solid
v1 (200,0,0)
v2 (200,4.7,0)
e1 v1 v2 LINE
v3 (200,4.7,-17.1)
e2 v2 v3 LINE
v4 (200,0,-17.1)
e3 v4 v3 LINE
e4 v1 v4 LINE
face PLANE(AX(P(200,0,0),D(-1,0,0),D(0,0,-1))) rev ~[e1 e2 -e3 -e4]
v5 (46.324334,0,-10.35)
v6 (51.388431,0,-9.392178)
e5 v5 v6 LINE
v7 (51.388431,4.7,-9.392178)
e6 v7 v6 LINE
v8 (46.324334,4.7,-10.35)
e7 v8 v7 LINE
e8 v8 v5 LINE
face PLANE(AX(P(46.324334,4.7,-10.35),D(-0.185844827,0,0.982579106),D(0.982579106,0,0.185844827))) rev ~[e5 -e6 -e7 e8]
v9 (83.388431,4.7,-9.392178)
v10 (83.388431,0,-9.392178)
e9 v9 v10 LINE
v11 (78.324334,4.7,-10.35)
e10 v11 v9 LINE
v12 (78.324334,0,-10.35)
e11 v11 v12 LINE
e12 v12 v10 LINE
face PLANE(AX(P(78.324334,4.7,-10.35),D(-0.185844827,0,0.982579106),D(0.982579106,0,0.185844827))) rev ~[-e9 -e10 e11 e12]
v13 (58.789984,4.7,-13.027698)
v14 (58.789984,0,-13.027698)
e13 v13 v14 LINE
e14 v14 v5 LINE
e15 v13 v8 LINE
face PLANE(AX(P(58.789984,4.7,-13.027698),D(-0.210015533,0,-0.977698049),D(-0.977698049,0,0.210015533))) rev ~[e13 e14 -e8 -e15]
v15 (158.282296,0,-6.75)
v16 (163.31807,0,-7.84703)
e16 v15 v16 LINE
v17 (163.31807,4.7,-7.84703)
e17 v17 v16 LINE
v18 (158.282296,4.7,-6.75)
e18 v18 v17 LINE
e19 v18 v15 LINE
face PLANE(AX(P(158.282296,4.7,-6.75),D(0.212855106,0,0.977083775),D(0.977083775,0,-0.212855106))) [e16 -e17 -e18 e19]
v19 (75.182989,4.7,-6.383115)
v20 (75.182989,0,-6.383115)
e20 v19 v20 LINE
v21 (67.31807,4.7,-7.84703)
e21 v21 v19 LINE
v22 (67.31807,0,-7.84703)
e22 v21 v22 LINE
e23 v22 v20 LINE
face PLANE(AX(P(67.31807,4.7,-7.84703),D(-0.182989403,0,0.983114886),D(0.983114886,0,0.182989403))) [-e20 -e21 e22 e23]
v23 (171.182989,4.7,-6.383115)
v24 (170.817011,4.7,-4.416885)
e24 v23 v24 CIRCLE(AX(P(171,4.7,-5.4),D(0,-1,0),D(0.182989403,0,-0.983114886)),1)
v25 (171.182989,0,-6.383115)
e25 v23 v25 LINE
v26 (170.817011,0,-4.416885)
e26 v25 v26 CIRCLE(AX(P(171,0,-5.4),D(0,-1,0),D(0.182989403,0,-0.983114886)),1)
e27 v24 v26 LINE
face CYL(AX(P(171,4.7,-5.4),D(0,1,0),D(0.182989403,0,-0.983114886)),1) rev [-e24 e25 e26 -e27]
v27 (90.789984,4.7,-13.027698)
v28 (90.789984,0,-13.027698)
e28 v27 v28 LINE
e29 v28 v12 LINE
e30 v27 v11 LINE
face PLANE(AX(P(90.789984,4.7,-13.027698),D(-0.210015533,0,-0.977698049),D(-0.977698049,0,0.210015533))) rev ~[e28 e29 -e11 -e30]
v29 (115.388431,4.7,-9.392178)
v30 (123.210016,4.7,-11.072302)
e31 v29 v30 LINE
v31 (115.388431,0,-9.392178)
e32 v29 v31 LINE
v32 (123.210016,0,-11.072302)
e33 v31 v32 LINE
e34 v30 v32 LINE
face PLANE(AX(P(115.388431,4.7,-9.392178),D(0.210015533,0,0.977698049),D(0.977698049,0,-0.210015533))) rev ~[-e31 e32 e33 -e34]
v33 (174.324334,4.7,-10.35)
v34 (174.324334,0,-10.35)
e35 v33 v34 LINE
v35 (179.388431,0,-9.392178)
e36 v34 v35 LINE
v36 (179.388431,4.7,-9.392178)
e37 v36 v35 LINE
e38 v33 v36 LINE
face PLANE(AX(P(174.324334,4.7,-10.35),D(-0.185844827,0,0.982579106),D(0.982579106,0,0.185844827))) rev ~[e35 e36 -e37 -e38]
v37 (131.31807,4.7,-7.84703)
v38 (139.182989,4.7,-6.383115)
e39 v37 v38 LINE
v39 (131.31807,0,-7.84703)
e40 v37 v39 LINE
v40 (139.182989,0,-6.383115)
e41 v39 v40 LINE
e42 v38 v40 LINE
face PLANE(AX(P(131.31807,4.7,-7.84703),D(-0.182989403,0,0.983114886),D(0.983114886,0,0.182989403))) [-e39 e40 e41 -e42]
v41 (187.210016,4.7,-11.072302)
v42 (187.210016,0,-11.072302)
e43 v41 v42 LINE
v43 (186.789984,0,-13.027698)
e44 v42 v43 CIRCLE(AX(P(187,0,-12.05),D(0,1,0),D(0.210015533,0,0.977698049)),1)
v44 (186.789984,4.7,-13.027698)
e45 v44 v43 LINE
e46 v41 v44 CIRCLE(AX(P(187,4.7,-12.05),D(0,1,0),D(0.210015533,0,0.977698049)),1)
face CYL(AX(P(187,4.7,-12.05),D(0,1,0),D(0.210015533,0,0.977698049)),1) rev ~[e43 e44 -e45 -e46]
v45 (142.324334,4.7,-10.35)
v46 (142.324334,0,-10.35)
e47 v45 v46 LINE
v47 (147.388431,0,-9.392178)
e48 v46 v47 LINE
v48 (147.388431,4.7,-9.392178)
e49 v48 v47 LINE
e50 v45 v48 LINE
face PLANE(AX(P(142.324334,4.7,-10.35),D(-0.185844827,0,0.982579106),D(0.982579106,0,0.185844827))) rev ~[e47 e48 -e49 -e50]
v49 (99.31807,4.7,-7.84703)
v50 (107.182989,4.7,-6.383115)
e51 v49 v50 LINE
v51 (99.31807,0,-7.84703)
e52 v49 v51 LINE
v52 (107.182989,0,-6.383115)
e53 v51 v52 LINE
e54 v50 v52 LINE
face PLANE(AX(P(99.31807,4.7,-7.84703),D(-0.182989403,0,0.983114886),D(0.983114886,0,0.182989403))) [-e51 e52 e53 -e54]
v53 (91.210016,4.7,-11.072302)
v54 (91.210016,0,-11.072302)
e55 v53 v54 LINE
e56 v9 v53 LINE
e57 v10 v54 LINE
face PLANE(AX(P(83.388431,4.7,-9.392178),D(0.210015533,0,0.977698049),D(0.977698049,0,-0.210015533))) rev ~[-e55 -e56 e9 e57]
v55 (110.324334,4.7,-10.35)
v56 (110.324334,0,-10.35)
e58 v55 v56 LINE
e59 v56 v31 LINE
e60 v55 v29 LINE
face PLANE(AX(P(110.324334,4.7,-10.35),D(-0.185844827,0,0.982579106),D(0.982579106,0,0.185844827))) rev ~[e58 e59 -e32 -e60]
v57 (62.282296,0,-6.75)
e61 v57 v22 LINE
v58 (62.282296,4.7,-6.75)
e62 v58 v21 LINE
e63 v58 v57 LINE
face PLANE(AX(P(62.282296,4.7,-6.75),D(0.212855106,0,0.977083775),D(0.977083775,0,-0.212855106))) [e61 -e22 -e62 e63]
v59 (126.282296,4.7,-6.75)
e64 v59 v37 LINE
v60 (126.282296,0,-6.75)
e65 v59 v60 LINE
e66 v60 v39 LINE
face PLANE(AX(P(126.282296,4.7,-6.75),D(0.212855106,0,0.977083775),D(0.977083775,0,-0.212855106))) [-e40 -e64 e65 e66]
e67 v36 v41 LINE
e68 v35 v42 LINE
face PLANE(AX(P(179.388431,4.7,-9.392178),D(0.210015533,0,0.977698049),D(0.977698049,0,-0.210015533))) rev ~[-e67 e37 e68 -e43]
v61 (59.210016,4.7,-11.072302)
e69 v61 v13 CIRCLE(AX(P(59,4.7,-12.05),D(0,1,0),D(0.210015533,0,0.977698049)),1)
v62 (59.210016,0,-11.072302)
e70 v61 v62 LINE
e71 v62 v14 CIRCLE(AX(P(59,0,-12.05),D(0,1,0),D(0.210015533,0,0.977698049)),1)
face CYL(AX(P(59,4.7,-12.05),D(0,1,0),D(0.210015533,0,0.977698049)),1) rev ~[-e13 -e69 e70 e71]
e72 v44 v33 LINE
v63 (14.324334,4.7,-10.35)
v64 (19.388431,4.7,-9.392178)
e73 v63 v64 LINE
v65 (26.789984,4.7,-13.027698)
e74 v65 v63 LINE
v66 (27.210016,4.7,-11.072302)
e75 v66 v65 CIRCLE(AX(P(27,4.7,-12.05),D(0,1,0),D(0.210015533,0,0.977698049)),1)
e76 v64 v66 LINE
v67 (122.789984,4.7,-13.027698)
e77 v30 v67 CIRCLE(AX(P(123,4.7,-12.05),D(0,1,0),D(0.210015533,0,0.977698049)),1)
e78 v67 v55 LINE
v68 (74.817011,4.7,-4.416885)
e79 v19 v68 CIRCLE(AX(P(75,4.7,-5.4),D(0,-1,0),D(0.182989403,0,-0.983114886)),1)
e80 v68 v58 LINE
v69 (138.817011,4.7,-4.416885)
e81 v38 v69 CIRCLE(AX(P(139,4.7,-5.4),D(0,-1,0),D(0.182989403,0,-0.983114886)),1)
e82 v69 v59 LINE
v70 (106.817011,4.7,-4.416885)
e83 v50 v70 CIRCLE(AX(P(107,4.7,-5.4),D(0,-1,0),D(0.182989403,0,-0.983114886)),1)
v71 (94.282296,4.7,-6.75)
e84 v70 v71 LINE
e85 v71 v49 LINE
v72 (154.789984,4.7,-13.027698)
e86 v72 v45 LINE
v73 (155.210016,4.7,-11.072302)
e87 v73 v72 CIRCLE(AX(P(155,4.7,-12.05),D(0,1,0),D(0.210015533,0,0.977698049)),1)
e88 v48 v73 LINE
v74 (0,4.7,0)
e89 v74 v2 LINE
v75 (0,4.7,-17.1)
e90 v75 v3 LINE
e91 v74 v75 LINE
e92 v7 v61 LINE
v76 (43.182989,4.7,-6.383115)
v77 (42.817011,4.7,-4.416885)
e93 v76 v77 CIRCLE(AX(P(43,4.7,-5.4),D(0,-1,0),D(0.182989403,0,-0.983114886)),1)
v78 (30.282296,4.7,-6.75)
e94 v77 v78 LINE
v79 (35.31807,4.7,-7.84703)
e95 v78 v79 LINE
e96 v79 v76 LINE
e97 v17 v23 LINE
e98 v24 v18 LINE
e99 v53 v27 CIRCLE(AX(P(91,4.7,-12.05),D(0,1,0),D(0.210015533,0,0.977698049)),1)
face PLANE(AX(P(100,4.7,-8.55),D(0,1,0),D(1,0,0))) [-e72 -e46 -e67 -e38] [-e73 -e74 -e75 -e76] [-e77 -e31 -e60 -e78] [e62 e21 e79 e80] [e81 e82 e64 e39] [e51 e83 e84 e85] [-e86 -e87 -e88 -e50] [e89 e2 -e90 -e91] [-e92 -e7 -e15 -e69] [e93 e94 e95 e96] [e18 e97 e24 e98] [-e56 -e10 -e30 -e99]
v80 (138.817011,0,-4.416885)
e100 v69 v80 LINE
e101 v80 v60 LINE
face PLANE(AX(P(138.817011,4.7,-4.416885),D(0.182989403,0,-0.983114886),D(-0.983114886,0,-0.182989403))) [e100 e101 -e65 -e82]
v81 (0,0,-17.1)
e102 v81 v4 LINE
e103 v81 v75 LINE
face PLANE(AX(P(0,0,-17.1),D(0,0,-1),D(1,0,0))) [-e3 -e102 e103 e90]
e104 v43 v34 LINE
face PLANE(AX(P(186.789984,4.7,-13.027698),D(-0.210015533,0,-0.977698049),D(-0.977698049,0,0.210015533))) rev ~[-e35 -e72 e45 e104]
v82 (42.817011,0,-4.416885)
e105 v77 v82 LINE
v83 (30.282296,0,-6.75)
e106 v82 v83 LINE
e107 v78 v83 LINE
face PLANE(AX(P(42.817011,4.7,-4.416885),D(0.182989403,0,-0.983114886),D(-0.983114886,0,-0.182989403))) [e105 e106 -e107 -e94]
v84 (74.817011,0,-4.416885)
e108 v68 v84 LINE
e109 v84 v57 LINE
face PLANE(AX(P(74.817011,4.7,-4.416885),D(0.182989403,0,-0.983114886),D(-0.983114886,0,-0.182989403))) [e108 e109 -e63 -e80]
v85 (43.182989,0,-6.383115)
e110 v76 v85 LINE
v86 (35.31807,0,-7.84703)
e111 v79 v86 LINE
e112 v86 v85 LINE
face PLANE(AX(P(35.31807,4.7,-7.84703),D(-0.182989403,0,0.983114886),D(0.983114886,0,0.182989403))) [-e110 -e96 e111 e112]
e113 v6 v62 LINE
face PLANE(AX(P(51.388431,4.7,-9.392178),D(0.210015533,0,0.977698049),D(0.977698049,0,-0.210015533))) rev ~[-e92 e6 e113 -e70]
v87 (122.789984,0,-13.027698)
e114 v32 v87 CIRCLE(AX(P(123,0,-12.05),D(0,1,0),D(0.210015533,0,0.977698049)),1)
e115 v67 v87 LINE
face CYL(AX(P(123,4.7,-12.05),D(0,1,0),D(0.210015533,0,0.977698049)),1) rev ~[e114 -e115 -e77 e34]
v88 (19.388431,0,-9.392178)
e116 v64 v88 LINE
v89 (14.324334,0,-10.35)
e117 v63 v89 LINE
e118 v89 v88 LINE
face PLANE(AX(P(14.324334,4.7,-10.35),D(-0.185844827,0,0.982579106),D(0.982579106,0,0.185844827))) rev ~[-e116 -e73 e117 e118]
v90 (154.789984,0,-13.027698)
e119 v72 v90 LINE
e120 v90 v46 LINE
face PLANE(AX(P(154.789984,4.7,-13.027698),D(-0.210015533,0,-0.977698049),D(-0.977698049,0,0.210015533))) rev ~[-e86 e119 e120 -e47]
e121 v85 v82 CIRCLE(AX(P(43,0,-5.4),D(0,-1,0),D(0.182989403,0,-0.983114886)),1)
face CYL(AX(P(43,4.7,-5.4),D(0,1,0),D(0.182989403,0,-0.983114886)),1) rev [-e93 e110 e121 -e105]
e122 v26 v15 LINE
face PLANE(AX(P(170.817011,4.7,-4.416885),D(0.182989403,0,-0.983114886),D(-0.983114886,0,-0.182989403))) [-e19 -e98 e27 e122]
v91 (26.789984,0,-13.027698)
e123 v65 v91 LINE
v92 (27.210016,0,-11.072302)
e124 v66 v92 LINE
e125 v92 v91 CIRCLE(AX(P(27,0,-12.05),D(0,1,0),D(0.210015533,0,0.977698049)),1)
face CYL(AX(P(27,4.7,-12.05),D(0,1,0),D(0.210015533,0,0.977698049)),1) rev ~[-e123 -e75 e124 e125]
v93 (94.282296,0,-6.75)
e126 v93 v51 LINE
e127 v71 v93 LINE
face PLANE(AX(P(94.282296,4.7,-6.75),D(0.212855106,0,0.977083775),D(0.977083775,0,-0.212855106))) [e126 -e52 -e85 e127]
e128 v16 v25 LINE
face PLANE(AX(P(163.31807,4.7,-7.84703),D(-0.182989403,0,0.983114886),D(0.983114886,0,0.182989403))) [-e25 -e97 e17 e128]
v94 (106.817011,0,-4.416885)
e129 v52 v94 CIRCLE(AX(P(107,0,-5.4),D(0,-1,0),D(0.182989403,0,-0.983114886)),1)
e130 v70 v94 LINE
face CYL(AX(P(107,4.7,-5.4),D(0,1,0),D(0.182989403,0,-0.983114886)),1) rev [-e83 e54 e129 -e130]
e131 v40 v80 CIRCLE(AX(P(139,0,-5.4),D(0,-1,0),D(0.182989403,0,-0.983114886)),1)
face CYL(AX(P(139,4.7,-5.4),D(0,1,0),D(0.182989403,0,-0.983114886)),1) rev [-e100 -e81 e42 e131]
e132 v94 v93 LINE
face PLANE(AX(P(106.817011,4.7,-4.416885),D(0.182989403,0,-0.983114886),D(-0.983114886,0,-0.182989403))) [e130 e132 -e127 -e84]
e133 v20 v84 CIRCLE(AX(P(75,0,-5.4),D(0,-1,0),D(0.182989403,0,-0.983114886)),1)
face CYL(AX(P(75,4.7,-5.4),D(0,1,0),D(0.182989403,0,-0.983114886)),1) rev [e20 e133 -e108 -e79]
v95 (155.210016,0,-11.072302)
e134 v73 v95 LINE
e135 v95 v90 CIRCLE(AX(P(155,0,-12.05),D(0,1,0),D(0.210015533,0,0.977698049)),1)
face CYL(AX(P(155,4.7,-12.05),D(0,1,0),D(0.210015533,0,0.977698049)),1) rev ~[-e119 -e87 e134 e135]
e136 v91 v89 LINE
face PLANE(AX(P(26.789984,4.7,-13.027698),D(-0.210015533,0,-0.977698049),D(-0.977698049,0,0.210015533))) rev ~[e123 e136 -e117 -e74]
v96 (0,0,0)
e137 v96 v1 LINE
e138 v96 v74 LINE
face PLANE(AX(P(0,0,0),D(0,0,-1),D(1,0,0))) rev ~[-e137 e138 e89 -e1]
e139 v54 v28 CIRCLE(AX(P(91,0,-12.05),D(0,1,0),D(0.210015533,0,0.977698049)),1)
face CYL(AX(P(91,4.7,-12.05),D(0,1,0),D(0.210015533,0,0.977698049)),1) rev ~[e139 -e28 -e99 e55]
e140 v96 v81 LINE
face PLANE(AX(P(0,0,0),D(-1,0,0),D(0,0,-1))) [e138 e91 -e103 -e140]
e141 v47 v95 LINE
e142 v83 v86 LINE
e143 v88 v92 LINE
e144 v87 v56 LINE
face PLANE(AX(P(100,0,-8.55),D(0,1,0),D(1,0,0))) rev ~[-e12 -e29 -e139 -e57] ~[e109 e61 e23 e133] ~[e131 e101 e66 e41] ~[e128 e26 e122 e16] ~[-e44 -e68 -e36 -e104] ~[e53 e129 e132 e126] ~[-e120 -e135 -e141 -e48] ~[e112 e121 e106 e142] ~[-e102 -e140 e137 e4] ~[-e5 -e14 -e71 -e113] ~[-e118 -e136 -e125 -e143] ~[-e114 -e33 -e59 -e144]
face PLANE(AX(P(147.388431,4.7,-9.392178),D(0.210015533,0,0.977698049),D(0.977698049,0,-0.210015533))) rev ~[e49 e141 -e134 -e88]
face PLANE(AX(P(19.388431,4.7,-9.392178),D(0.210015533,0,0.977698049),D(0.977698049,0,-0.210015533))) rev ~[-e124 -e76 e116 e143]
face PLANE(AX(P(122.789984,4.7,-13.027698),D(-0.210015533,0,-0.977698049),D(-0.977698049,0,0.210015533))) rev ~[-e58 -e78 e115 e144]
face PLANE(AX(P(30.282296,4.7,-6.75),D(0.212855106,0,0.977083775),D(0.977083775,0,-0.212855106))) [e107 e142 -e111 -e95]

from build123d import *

# Parameters (mm, degrees)
SKETCH1_W           = 200
SKETCH1_H           = 17.1
BOSS_EXTRUDE1_DEPTH = 4.7
CUT_EXTRUDE1_DEPTH  = 4.7
LPATTERN1_COUNT     = 6
LPATTERN1_PITCH     = 32
CUT_EXTRUDE2_DEPTH  = 4.7
LPATTERN2_COUNT     = 5
LPATTERN2_PITCH     = 32


with BuildPart() as part:
    # Sketch1 → Boss-Extrude1 (new body)
    with BuildSketch(Plane(origin=(0, 0, 0), x_dir=(1, 0, 0), z_dir=(0, 1, 0))):
        with Locations((100, 8.55)):
            Rectangle(SKETCH1_W, SKETCH1_H)
    extrude(amount=BOSS_EXTRUDE1_DEPTH)

    # Sketch2 → Cut-Extrude1 (cut)
    with BuildSketch(Plane(origin=(0, 4.7, 0), x_dir=(1, 0, 0), z_dir=(0, 1, 0))):
        with BuildLine():
            Line((26.789984467, 13.027698049), (14.324334337, 10.35))
            Line((14.324334337, 10.35), (19.388431138, 9.392177684))
            Line((19.388431138, 9.392177684), (27.210015533, 11.072301951))
            ThreePointArc((27.210015533, 11.072301951), (27.977698049, 12.260015533), (26.789984467, 13.027698049))
        make_face()
    cut_extrude1 = extrude(amount=-CUT_EXTRUDE1_DEPTH, mode=Mode.SUBTRACT)

    # LPattern1: Cut-Extrude1 ×6
    with Locations(*[(i * LPATTERN1_PITCH, 0, 0) for i in range(1, LPATTERN1_COUNT)]):
        add(cut_extrude1, mode=Mode.SUBTRACT)

    # Sketch3 → Cut-Extrude2 (cut)
    with BuildSketch(Plane(origin=(0, 4.7, 0), x_dir=(1, 0, 0), z_dir=(0, 1, 0))):
        with BuildLine():
            Line((42.817010597, 4.416885114), (30.282295805, 6.75))
            Line((30.282295805, 6.75), (35.318070317, 7.847030108))
            Line((35.318070317, 7.847030108), (43.182989403, 6.383114886))
            ThreePointArc((43.182989403, 6.383114886), (43.983114886, 5.217010597), (42.817010597, 4.416885114))
        make_face()
    cut_extrude2 = extrude(amount=-CUT_EXTRUDE2_DEPTH, mode=Mode.SUBTRACT)

    # LPattern2: Cut-Extrude2 ×5
    with Locations(*[(i * LPATTERN2_PITCH, 0, 0) for i in range(1, LPATTERN2_COUNT)]):
        add(cut_extrude2, mode=Mode.SUBTRACT)


solid = part.part
